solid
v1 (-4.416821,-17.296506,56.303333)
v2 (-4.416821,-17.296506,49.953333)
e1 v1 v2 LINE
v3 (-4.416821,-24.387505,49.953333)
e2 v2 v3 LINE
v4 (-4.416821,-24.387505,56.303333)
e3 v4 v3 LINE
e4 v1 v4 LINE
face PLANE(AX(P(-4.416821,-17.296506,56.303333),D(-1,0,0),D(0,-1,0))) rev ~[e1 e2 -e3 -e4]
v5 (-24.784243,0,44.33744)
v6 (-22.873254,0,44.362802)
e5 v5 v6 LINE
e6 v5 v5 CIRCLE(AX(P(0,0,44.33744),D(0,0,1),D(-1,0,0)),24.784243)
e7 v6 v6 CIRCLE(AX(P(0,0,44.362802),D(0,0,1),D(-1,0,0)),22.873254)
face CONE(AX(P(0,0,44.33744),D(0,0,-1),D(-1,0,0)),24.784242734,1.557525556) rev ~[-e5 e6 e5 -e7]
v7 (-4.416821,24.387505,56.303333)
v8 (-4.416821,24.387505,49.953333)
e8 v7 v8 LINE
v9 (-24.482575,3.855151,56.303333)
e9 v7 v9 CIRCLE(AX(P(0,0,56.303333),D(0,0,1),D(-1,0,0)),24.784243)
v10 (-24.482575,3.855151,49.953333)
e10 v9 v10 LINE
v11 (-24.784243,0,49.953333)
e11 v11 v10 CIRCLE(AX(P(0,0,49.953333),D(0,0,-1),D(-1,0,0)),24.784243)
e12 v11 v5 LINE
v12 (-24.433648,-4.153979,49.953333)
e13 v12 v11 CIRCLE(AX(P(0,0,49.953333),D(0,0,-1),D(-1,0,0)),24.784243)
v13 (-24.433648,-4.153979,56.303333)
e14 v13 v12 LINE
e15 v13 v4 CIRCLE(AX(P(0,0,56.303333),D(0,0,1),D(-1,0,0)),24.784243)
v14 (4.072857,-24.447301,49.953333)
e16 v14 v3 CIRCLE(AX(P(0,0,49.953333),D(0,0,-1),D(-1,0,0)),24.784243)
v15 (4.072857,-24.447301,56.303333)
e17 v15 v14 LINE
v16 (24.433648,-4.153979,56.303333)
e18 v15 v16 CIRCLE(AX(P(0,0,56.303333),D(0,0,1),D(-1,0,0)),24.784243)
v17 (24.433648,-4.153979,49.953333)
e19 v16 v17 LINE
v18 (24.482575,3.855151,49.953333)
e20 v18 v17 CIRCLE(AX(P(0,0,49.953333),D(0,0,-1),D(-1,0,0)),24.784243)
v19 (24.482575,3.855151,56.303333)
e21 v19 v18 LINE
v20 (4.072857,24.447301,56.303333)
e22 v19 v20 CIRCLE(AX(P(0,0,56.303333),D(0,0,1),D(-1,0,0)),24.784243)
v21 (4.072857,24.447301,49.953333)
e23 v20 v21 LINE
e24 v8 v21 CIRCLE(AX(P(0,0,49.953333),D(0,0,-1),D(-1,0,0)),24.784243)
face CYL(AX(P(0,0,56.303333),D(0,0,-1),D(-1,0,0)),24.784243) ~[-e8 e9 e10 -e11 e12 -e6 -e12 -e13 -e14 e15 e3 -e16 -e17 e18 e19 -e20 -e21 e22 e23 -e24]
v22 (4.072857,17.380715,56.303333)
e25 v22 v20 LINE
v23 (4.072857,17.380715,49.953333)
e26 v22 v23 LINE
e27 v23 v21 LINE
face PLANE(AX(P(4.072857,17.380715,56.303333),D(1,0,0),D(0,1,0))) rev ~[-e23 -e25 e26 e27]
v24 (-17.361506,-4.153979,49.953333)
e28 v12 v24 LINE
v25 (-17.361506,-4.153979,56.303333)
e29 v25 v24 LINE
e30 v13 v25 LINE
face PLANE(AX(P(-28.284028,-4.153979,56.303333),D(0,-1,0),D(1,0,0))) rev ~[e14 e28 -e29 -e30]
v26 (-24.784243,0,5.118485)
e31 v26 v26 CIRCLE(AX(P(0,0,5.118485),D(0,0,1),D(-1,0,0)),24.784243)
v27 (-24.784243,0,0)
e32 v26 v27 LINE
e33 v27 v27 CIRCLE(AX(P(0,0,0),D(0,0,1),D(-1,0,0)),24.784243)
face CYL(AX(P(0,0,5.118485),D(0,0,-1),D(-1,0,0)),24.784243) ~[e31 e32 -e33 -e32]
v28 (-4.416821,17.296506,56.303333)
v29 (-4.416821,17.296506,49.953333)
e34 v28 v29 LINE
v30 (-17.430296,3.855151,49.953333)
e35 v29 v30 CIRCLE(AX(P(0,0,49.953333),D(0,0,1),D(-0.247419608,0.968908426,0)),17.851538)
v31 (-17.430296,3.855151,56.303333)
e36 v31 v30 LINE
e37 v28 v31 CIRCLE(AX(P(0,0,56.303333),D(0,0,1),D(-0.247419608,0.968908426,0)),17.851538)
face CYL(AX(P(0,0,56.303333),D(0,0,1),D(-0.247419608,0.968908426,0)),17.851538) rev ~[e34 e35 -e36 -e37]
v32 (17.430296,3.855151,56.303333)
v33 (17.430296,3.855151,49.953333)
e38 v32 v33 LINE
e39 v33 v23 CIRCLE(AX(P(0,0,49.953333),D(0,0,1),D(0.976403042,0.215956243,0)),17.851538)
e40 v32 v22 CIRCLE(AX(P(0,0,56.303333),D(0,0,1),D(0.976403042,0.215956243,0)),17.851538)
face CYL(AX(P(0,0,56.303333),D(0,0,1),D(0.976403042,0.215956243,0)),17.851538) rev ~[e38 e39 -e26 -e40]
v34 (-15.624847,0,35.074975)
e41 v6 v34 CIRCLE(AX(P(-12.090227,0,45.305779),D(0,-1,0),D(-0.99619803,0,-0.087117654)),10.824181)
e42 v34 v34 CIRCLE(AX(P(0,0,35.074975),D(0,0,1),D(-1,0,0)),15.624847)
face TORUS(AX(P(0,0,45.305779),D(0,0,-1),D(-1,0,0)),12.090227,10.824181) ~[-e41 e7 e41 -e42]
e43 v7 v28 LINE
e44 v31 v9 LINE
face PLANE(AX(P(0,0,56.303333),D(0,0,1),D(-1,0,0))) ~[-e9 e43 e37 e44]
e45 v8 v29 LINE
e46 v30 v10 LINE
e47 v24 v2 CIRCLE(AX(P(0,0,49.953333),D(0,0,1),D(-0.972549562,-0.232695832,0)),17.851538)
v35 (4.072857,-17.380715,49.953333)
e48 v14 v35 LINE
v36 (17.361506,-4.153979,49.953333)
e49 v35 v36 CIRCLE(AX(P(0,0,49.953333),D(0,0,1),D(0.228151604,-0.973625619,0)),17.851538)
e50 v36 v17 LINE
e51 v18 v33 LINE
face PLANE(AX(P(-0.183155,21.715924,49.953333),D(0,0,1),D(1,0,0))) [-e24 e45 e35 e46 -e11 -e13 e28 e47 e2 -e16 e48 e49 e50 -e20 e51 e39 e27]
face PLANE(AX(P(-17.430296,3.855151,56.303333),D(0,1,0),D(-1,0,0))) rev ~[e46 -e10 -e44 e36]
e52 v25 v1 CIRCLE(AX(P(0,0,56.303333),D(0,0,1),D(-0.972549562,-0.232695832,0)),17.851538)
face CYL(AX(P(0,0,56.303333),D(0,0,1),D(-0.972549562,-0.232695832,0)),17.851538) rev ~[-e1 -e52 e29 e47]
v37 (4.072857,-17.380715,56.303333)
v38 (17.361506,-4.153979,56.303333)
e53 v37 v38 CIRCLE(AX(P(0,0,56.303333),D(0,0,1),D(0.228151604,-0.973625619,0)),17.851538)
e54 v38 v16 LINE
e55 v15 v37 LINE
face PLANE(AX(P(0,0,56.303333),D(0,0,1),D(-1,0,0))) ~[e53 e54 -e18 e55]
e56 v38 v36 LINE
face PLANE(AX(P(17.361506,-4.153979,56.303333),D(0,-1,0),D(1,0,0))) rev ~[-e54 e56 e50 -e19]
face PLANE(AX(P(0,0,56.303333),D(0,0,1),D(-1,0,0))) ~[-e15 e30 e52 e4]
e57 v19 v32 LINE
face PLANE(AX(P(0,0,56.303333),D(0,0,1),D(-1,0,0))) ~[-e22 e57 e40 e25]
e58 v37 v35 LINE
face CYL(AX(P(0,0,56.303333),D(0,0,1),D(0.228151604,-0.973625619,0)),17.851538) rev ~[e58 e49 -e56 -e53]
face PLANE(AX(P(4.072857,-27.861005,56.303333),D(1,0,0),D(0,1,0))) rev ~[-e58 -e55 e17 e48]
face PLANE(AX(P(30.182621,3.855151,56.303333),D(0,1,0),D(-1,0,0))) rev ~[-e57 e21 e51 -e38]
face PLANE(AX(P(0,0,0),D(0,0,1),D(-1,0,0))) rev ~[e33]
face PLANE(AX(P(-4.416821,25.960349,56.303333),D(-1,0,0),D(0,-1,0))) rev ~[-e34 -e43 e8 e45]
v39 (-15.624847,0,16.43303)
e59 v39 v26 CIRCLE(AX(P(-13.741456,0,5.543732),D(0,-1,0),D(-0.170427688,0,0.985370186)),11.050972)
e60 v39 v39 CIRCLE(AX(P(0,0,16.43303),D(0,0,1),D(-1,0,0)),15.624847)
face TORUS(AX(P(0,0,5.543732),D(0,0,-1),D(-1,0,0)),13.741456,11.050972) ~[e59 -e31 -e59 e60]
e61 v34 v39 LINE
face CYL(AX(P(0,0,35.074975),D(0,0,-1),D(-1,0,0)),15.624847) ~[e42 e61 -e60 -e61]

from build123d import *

# Parameters (mm, degrees)
F2_W     = 8.4896776825
F2_H     = 8.0091296695
F3_DEPTH = 6.35


with BuildPart() as f1:
    # F0 (on Front) → F1 (revolve)
    with BuildSketch(Plane.XZ):
        with BuildLine():
            Line((-24.7842427343, 0), (0, 0))
            Line((0, 0), (0, 56.3033334911))
            Line((0, 56.3033334911), (-24.7842427343, 56.3033334911))
            Line((-24.7842427343, 56.3033334911), (-24.7842427343, 44.3374402821))
            Line((-24.7842427343, 44.3374402821), (-22.8732544929, 44.3628020585))
            ThreePointArc((-22.8732544929, 44.3628020585), (-20.6233794189, 38.6463349976), (-15.6248472631, 35.0749753416))
            Line((-15.6248472631, 35.0749753416), (-15.6248472631, 16.4330303669))
            ThreePointArc((-15.6248472631, 16.4330303669), (-22.330766473, 12.4969846373), (-24.7842427343, 5.1184846088))
            Line((-24.7842427343, 5.1184846088), (-24.7842427343, 0))
        make_face()
    revolve(axis=Axis((0, 0, 28.1516667455), (0, 0, 1)))

    # F2 (on face) → F3 (cut)
    with BuildSketch(Plane.XY.offset(56.3033334911)):
        with BuildLine():
            Line((4.0728570893, 25.9603485465), (-4.4168205932, 25.9603485465))
            Line((-4.4168205932, 25.9603485465), (-4.4168205932, 17.2965058223))
            ThreePointArc((-4.4168205932, 17.2965058223), (-0.1770607755, 17.8506601361), (4.0728570893, 17.3807149721))
            Line((4.0728570893, 17.3807149721), (4.0728570893, 25.9603485465))
        make_face()
        with BuildLine():
            ThreePointArc((4.0728570893, 17.3807149721), (-0.1770607755, 17.8506601361), (-4.4168205932, 17.2965058223))
            Line((-4.4168205932, 17.2965058223), (-4.4168205932, 3.8551511243))
            Line((-4.4168205932, 3.8551511243), (4.0728570893, 3.8551511243))
            Line((4.0728570893, 3.8551511243), (4.0728570893, 17.3807149721))
        make_face()
        with BuildLine():
            Line((-4.4168205932, 3.8551511243), (-4.4168205932, 17.2965058223))
            ThreePointArc((-4.4168205932, 17.2965058223), (-12.8254291429, 12.4171568852), (-17.4302962574, 3.8551511243))
            Line((-17.4302962574, 3.8551511243), (-4.4168205932, 3.8551511243))
        make_face()
        with BuildLine():
            ThreePointArc((17.4302962574, 3.8551511243), (12.7016384893, 12.5437553188), (4.0728570893, 17.3807149721))
            Line((4.0728570893, 17.3807149721), (4.0728570893, 3.8551511243))
            Line((4.0728570893, 3.8551511243), (17.4302962574, 3.8551511243))
        make_face()
        with BuildLine():
            Line((-4.4168205932, -4.1539785452), (-4.4168205932, 3.8551511243))
            Line((-4.4168205932, 3.8551511243), (-17.4302962574, 3.8551511243))
            ThreePointArc((-17.4302962574, 3.8551511243), (-17.8508798192, -0.153321532), (-17.3615056967, -4.1539785452))
            Line((-17.3615056967, -4.1539785452), (-4.4168205932, -4.1539785452))
        make_face()
        with BuildLine():
            ThreePointArc((-17.3615056967, -4.1539785452), (-17.8508798192, -0.153321532), (-17.4302962574, 3.8551511243))
            Line((-17.4302962574, 3.8551511243), (-28.2840281725, 3.8551511243))
            Line((-28.2840281725, 3.8551511243), (-28.2840281725, -4.1539785452))
            Line((-28.2840281725, -4.1539785452), (-17.3615056967, -4.1539785452))
        make_face()
        with BuildLine():
            Line((17.4302962574, 3.8551511243), (4.0728570893, 3.8551511243))
            Line((4.0728570893, 3.8551511243), (4.0728570893, -4.1539785452))
            Line((4.0728570893, -4.1539785452), (17.3615056967, -4.1539785452))
            ThreePointArc((17.3615056967, -4.1539785452), (17.7286068375, -2.0913912627), (17.8515382478, 0))
            ThreePointArc((17.8515382478, 0), (17.7459152782, 1.9390484139), (17.4302962574, 3.8551511243))
        make_face()
        with BuildLine():
            Line((30.1826205105, 3.8551511243), (17.4302962574, 3.8551511243))
            ThreePointArc((17.4302962574, 3.8551511243), (17.7459152782, 1.9390484139), (17.8515382478, 0))
            ThreePointArc((17.8515382478, 0), (17.7286068375, -2.0913912627), (17.3615056967, -4.1539785452))
            Line((17.3615056967, -4.1539785452), (30.1826205105, -4.1539785452))
            Line((30.1826205105, -4.1539785452), (30.1826205105, 3.8551511243))
        make_face()
        with BuildLine():
            Line((4.0728570893, -4.1539785452), (-4.4168205932, -4.1539785452))
            Line((-4.4168205932, -4.1539785452), (-4.4168205932, -17.2965058223))
            ThreePointArc((-4.4168205932, -17.2965058223), (-0.1770607755, -17.8506601361), (4.0728570893, -17.3807149721))
            Line((4.0728570893, -17.3807149721), (4.0728570893, -4.1539785452))
        make_face()
        with BuildLine():
            Line((-4.4168205932, -17.2965058223), (-4.4168205932, -4.1539785452))
            Line((-4.4168205932, -4.1539785452), (-17.3615056967, -4.1539785452))
            ThreePointArc((-17.3615056967, -4.1539785452), (-12.7183088422, -12.5268526777), (-4.4168205932, -17.2965058223))
        make_face()
        with BuildLine():
            Line((17.3615056967, -4.1539785452), (4.0728570893, -4.1539785452))
            Line((4.0728570893, -4.1539785452), (4.0728570893, -17.3807149721))
            ThreePointArc((4.0728570893, -17.3807149721), (12.5934354383, -12.6523832409), (17.3615056967, -4.1539785452))
        make_face()
        with BuildLine():
            ThreePointArc((4.0728570893, -17.3807149721), (-0.1770607755, -17.8506601361), (-4.4168205932, -17.2965058223))
            Line((-4.4168205932, -17.2965058223), (-4.4168205932, -27.8610046953))
            Line((-4.4168205932, -27.8610046953), (4.0728570893, -27.8610046953))
            Line((4.0728570893, -27.8610046953), (4.0728570893, -17.3807149721))
        make_face()
        with Locations((-0.1719817519, -0.1494137105)):
            Rectangle(F2_W, F2_H)
    extrude(amount=-F3_DEPTH, mode=Mode.SUBTRACT)


solid = f1.part
